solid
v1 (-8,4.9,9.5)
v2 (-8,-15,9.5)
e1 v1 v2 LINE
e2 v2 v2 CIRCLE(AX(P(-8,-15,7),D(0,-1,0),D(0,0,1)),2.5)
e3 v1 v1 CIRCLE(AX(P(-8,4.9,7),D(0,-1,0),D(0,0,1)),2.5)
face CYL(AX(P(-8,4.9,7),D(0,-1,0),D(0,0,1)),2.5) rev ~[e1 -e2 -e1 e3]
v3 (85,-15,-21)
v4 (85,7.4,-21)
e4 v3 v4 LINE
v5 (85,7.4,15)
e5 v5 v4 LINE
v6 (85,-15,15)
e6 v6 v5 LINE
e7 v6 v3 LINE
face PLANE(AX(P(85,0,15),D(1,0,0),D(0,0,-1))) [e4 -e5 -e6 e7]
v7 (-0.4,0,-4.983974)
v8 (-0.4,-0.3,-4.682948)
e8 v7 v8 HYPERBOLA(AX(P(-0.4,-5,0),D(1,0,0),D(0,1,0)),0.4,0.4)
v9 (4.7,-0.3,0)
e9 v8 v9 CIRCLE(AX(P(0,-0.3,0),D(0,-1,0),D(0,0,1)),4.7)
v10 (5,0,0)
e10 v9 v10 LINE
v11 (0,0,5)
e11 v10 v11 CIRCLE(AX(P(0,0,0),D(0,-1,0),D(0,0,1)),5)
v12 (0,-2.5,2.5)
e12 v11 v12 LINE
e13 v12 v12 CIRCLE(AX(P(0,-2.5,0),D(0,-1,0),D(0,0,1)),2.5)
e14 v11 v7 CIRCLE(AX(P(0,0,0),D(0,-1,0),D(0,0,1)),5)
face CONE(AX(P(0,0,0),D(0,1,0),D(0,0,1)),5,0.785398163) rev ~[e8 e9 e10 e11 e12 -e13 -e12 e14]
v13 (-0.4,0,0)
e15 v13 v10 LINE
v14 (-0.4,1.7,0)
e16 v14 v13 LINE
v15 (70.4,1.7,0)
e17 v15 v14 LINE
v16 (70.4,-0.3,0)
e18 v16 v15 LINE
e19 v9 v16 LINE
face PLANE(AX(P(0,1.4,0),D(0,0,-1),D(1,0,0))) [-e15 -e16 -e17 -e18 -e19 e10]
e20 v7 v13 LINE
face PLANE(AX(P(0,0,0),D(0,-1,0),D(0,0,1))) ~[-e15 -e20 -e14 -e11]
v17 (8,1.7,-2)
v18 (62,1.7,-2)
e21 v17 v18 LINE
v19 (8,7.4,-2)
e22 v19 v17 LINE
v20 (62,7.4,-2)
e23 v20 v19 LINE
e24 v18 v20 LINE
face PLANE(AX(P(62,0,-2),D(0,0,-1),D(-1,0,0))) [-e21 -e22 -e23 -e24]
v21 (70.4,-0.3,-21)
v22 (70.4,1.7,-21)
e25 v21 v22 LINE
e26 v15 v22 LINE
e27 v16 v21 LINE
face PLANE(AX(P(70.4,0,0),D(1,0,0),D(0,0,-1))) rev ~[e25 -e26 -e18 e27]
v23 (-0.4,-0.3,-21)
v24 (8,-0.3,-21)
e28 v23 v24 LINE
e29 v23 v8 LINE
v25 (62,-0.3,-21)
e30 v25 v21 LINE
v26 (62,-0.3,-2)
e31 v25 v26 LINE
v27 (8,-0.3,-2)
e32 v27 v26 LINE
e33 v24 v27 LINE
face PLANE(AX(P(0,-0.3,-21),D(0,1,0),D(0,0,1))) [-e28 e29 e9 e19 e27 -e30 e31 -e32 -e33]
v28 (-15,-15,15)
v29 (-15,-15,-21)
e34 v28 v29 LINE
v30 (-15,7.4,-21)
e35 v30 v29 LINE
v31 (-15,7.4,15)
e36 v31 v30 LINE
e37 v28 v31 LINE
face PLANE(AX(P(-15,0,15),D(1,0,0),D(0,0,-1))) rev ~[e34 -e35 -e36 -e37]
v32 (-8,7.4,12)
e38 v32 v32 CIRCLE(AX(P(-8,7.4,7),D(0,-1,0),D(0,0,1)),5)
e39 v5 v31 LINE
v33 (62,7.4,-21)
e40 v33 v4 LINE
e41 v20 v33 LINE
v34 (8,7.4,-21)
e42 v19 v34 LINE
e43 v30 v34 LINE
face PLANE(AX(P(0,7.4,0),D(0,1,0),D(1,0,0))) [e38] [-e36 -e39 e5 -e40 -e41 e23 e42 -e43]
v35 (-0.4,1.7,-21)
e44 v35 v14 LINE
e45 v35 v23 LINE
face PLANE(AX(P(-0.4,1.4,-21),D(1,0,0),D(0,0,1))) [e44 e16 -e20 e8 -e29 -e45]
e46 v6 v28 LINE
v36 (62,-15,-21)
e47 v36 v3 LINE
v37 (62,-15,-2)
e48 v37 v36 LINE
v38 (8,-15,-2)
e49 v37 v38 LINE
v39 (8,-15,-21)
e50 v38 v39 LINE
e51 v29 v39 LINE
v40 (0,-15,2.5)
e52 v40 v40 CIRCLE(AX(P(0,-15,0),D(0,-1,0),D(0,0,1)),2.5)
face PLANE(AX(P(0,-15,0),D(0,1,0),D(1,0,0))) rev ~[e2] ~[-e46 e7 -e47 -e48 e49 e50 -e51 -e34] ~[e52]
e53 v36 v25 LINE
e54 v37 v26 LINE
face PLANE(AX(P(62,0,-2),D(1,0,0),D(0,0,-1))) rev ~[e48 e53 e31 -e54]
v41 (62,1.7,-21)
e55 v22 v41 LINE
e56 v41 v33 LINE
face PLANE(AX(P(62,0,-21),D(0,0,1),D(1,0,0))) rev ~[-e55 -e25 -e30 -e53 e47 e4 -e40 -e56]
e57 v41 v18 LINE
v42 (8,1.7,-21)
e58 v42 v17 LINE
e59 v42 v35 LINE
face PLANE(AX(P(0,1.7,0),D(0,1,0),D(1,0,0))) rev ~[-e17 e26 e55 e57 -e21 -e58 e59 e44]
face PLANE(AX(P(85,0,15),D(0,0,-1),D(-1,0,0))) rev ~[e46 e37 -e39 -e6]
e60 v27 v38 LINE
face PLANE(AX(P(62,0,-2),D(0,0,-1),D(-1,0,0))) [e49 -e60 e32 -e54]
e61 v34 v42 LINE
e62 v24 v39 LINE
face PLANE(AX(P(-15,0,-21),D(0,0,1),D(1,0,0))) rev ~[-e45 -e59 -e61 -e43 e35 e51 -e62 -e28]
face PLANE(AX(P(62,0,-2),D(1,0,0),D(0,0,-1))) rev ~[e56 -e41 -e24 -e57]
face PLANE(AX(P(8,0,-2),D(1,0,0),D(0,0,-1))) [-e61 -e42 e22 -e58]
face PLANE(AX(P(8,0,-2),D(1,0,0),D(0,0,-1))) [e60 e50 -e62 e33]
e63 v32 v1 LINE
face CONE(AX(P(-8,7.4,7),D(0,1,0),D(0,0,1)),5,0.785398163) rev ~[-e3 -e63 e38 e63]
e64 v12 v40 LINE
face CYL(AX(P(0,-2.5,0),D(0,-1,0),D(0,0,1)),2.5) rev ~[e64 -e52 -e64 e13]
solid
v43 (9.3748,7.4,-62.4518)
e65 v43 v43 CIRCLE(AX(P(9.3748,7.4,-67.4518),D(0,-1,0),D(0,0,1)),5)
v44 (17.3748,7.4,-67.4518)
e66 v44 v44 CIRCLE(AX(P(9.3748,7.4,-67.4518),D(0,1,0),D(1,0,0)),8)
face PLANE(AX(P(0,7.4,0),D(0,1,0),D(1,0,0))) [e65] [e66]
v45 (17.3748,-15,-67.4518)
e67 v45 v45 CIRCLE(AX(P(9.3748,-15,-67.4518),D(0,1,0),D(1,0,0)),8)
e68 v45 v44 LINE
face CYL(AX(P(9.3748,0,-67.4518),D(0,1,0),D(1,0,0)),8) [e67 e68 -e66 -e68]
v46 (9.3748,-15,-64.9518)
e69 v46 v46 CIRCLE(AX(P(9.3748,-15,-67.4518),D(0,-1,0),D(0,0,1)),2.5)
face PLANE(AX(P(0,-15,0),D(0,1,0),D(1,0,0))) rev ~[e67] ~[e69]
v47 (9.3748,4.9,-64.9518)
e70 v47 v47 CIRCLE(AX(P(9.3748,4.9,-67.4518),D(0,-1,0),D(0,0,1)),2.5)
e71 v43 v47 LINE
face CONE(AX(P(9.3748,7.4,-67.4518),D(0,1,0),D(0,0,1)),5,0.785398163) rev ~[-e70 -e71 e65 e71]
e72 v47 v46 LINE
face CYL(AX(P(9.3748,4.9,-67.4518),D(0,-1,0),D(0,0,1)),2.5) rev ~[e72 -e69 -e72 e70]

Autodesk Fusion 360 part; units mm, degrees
sketch "Sketch1" plane through (0, 0, 0) normal (0, 1, 0) x (1, 0, 0)
  line L0 (0, 0) -> (70, 0)
  line L1 (70, 0) -> (70, 50)
  line L2 (70, 50) -> (0, 50)
  line L3 (0, 50) -> (0, 0)
  dimension "d1" = 70
  dimension "d2" = 50
extrude "Extrude1" add sketch "Sketch1" along normal blind 1.4 makes body 1
sketch "Sketch2" plane through (0, 0, 0) normal (0, 1, 0) x (1, 0, 0)
  line L0 (0, 0) -> (70, 0)
  line L1 (70, 0) -> (70, 2)
  line L2 (70, 2) -> (0, 2)
  line L3 (0, 2) -> (0, 0)
  line L4 (0, 0) -> (8, 0)
  line L5 (8, 0) -> (8, 21)
  line L6 (8, 21) -> (0, 21)
  line L7 (0, 21) -> (0, 0)
  line L8 (70, 0) -> (62, 0)
  line L9 (62, 0) -> (62, 21)
  line L10 (62, 21) -> (70, 21)
  line L11 (70, 21) -> (70, 0)
  line L12 (0, 0) -> (-15, 0)
  line L13 (-15, 0) -> (-15, -15)
  line L14 (-15, -15) -> (0, -15)
  line L15 (0, -15) -> (0, 0)
  line L16 (-15, -15) -> (85, -15)
  line L17 (85, -15) -> (85, 21)
  line L18 (85, 21) -> (-15, 21)
  line L19 (-15, 21) -> (-15, -15)
  dimension "d5" = 70
  dimension "d6" = 2
  dimension "d7" = 8
  dimension "d8" = 21
  dimension "d9" = 8
  dimension "d10" = 21
  dimension "d11" = 15
  dimension "d12" = 15
  dimension "d13" = 100
  dimension "d14" = 36
extrude "Extrude2" add sketch "Sketch2" along normal up to surface (1.4 mm away) separate body contours L0 L2 L3 L4 L5 L7 | L3 L7 L12 L18 L19 | L12 L13 L14 L15 L16 L19 | L0 L1 L4 L8 L11 L15 L16 L17 L18 | L0 L2 L5 L9 | L2 L5 L6 L7 L18 | L0 L1 L2 L8 L9 L11 | L2 L9 L10 L11 L18 makes body 2
extrude "Extrude3" add 1 faces at (-7.3333, 1.4, -2.6667) along direction (0, 1, 0) blind 6 on bodies 2 bodies 2
extrude "Extrude4" add 1 faces at (-7.3333, 0, -2.6667) along direction (0, -1, 0) blind 15 on bodies 2 bodies 2
combine "Combine1" operation cut target body 2 tool bodies 1 keep tools
extrude "Extrude5" cut 1 faces at (2.6667, 1.4, -7.6667) along direction (0, 1, 0) blind 0.3 on bodies 2 bodies 2
extrude "Extrude6" cut 1 faces at (2.6667, 0, -7.6667) along direction (0, -1, 0) blind 0.3 on bodies 2 bodies 2
extrude "Extrude7" cut 1 faces at (0, 0.3667, -7) along direction (-1, 0, 0) blind 0.4 on bodies 2 bodies 2
extrude "Extrude8" cut 1 faces at (70, 1.0333, -7) along direction (1, 0, 0) blind 0.4 on bodies 2 bodies 2
sketch "Sketch3" plane through (0, 7.4, 0) normal (0, 1, 0) x (-1, 0, 0)
  line L0 (-62, -21) -> (-62, -2)
  line L1 (-62, -2) -> (-8, -2)
  line L2 (-8, -2) -> (-8, -21)
  line L3 (-8, -21) -> (15, -21)
  line L4 (15, -21) -> (15, 15)
  line L5 (15, 15) -> (-85, 15)
  line L6 (-85, 15) -> (-85, -21)
  line L7 (-85, -21) -> (-62, -21)
  line L8 (15, -21) -> (8, -21)
  line L9 (8, -21) -> (8, 7)
  line L10 (8, 7) -> (15, 7)
  line L11 (15, 7) -> (15, -21)
  line L12 (-85, -21) -> (-78, -21)
  line L13 (-78, -21) -> (-78, 7)
  line L14 (-78, 7) -> (-85, 7)
  line L15 (-85, 7) -> (-85, -21)
  dimension "d29" = 7
  dimension "d30" = 28
  dimension "d31" = 7
  dimension "d32" = 28
hole "Hole1" at (-8, 7.4, 7) at (0, 0, 0) direction (0, -1, 0) diameter 5 depth 40 tip angle 118 countersink diameter 10 countersink angle 90 bodies 2
sketch "Sketch4" plane through (0, 0, 0) normal (0, 1, 0) x (1, 0, 0)
  circle A0 centre (9.3748, 67.4518) radius 8
  dimension "d38" = 16
extrude "Extrude9" add sketch "Sketch4" against normal up to surface (15 mm away) separate body makes body 3
extrude "Extrude10" add 1 faces at (7.0259, 0, -69.325) along direction (0, 1, 0) up to surface (7.4 mm away) on bodies 3 bodies 3
hole "Hole2" at (9.3748, 7.4, -67.4518) direction (0, -1, 0) diameter 5 depth 40 tip angle 118 countersink diameter 10 countersink angle 90 bodies 3
hidden bodies 1
equation "d13 = 85.000 mm + 15 mm"
